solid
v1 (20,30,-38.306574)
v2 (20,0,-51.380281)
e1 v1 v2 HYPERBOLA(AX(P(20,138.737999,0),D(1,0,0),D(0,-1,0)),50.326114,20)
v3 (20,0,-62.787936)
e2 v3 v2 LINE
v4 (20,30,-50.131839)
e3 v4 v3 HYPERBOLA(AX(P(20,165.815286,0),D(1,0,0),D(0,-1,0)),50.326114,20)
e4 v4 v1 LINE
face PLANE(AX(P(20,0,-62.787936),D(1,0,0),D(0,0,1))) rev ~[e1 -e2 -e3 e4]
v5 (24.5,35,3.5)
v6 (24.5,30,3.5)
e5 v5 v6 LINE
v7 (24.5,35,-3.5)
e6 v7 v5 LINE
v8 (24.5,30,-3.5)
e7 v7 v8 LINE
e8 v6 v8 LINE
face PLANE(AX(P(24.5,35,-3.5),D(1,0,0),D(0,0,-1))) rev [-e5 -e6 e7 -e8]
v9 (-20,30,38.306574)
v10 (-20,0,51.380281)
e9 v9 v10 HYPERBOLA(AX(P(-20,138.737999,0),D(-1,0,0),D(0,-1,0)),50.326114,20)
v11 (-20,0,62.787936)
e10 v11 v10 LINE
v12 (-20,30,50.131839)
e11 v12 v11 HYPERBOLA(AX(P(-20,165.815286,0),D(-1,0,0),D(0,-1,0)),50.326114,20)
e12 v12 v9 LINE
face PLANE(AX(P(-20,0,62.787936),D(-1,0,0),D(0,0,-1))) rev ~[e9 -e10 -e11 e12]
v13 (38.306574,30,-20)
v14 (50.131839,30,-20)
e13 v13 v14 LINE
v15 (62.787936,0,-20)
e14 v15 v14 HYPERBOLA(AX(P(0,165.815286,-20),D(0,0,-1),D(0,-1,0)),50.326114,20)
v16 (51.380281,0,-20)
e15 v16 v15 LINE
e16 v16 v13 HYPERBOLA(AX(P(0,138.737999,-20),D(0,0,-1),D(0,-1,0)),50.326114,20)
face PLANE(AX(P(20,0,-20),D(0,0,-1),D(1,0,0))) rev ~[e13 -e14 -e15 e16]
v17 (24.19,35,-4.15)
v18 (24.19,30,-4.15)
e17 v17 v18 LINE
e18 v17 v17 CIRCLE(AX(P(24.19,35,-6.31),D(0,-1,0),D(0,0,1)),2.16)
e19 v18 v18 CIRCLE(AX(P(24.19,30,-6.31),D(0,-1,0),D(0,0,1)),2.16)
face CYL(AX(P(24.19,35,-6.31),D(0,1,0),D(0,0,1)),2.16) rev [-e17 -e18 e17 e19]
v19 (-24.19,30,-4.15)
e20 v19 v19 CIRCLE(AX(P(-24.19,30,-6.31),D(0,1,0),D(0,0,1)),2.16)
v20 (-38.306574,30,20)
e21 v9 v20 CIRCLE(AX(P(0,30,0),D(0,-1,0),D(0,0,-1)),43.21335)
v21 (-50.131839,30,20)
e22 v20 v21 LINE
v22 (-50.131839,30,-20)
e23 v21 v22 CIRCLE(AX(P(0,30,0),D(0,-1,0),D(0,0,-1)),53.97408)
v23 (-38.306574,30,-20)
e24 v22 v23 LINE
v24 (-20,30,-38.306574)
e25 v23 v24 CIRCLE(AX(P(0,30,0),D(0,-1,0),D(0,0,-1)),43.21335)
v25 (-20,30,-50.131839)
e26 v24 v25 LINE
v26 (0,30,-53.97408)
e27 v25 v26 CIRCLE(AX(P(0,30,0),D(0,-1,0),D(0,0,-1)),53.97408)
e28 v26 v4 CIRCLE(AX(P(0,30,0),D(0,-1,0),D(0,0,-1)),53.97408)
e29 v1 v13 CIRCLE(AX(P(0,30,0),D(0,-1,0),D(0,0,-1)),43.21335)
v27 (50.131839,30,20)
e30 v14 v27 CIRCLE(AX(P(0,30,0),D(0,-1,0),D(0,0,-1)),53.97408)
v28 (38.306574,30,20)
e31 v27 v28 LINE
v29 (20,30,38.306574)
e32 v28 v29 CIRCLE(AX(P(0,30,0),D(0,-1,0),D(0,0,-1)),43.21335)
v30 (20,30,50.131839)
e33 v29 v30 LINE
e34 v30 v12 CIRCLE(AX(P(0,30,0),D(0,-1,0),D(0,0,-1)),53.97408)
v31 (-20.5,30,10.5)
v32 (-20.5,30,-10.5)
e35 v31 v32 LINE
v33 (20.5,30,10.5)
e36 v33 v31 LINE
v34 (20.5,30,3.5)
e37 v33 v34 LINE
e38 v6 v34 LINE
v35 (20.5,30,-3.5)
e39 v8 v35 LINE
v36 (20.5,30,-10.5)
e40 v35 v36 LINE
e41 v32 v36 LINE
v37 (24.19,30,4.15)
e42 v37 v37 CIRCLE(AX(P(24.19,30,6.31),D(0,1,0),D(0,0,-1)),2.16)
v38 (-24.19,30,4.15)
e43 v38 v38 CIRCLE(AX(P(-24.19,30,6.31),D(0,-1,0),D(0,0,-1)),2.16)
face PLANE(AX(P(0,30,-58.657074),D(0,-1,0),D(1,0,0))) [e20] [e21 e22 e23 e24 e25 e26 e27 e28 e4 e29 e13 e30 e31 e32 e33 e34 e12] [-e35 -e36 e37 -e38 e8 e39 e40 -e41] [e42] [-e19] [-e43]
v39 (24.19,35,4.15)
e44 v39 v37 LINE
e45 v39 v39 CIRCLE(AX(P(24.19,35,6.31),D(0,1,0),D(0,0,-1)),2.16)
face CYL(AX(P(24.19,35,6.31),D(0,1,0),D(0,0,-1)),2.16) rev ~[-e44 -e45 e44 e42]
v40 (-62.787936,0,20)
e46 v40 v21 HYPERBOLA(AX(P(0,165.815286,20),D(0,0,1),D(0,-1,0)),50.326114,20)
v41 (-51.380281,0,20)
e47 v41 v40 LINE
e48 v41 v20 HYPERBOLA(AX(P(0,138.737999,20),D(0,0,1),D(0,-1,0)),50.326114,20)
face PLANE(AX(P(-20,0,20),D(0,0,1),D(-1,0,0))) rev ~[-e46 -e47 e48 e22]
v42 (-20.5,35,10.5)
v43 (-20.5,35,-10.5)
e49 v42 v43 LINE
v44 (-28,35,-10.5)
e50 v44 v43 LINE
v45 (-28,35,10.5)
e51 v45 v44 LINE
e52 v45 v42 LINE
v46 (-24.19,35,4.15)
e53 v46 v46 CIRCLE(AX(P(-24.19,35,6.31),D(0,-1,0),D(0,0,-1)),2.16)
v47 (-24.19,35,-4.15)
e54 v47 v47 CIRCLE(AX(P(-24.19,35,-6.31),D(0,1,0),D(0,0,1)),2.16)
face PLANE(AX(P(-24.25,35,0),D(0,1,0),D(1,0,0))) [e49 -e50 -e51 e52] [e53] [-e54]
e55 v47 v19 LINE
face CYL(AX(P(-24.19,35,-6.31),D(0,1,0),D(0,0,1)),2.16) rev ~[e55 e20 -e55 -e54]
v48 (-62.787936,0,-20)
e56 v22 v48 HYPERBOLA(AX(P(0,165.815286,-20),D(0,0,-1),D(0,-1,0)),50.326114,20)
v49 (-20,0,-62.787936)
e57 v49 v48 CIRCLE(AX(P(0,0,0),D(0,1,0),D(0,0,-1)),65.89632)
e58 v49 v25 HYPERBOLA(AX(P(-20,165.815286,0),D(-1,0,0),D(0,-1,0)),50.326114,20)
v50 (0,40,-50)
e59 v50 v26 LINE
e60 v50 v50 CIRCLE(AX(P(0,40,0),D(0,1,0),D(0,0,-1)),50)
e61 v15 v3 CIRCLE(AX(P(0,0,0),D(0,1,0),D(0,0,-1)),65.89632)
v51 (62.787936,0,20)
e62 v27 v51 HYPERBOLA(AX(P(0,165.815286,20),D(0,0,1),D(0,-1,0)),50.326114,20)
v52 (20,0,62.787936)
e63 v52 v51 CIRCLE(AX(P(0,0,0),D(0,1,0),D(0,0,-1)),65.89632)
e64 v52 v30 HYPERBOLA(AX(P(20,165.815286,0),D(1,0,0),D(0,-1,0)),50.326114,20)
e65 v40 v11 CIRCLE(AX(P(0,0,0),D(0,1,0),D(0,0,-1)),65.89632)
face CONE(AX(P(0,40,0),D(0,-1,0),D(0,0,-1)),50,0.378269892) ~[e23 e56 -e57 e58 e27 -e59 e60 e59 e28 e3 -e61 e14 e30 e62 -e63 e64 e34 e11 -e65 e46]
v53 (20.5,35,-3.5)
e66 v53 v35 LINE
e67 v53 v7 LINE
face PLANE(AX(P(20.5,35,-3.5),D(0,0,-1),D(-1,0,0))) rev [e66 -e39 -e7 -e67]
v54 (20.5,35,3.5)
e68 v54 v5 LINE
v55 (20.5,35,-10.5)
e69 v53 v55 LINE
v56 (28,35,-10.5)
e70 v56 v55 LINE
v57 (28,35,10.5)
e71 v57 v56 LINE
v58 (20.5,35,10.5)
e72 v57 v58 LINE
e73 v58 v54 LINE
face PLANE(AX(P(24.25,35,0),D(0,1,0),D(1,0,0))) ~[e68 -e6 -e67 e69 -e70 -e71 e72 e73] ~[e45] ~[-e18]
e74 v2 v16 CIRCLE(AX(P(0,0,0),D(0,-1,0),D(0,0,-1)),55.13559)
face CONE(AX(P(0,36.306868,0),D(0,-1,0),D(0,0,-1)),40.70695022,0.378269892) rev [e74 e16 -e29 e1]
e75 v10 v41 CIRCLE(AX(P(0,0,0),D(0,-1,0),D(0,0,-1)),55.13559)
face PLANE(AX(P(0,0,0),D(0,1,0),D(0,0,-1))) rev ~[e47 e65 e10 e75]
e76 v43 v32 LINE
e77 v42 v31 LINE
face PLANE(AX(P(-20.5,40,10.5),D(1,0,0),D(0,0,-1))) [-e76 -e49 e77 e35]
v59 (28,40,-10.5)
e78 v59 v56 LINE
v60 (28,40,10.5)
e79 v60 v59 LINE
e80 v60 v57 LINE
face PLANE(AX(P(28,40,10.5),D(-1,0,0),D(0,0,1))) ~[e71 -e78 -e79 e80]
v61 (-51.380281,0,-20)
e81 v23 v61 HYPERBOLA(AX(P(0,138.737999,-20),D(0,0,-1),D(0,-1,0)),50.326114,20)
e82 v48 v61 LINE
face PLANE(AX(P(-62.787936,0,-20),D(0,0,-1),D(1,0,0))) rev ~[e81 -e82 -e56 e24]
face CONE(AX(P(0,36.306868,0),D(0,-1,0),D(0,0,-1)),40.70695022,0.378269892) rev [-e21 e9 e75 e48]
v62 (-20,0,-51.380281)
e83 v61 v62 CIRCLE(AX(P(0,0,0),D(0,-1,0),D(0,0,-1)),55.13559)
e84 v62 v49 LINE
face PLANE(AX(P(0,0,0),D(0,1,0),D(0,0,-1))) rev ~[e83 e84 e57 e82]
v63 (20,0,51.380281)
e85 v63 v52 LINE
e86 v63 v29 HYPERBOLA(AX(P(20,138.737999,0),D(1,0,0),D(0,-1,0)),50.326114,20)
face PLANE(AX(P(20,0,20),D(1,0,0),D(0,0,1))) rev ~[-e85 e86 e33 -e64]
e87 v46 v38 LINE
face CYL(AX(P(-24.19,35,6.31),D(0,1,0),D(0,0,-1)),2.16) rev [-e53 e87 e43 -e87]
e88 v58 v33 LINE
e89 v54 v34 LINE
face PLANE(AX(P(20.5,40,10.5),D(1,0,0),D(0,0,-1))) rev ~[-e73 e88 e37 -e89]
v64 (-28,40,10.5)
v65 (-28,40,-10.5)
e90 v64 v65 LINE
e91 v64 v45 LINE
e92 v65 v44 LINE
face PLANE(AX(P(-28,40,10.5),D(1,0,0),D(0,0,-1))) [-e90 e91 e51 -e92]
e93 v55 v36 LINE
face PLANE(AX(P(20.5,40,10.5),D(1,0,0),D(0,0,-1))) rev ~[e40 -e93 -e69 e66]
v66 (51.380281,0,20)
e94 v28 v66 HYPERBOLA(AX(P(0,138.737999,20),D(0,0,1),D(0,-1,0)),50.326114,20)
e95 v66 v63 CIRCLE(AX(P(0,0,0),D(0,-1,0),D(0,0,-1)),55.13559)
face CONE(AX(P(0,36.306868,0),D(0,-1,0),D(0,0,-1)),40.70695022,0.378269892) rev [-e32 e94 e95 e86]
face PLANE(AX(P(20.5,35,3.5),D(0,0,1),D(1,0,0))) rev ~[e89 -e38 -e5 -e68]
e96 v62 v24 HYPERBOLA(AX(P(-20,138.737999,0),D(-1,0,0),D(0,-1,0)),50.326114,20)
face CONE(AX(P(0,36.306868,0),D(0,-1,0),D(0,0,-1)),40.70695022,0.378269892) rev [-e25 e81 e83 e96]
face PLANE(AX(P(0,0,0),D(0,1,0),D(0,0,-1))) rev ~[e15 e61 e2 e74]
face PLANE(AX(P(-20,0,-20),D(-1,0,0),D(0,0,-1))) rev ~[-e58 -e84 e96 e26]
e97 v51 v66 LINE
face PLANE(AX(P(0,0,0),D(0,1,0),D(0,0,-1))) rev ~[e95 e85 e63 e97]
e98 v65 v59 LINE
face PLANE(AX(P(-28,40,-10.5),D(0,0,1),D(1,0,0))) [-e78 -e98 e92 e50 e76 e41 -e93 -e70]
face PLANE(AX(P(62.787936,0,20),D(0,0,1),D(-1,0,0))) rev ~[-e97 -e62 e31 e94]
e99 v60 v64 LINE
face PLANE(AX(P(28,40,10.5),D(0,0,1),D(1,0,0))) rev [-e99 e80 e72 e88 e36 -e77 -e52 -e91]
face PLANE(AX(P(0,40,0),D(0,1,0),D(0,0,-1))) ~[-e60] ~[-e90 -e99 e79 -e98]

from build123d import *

# Parameters (mm, degrees)
SHELL1_T                = -10
SKETCH4_W               = 41
SKETCH4_H               = 21
CUT_EXTRUDE1_DEPTH      = 10
SKETCH5_W               = 7.5
SKETCH5_H               = 21
CUT_EXTRUDE2_DEPTH      = 5
SKETCH6_R               = 2.16
CUT_EXTRUDE3_DEPTH      = 5
MIRROR1_COPY_1_SKETCH_R = 2.16
MIRROR1_COPY_1_DEPTH    = 5
SKETCH7_W               = 4
SKETCH7_H               = 3.5
CUT_EXTRUDE4_DEPTH      = 10
CUT_EXTRUDE7_DEPTH      = 30


with BuildPart() as part:
    # Sketch2 → Revolve1 (revolve)
    with BuildSketch(Plane.XY, mode=Mode.PRIVATE) as revolve1_sk:
        Polygon((0, 0), (0, 40), (-50, 40), (-65.896319649, 0), align=None)
    revolve(revolve1_sk.sketch.rotate(Axis((0, 0, 0), (0, 1, 0)), 270), axis=Axis((0, 0, 0), (0, 1, 0)))

    # Shell1
    shell1_openings = [part.faces().sort_by_distance(p)[0] for p in [
        (0, 0, 0),
    ]]
    offset(amount=SHELL1_T, openings=shell1_openings, kind=Kind.INTERSECTION)

    # Sketch4 → Cut-Extrude1 (cut)
    with BuildSketch(Plane(origin=(0, 40, 0), x_dir=(1, 0, 0), z_dir=(0, 1, 0))):
        Rectangle(SKETCH4_W, SKETCH4_H)
    extrude(amount=-CUT_EXTRUDE1_DEPTH, mode=Mode.SUBTRACT)

    # Sketch5 → Cut-Extrude2 (cut)
    with BuildSketch(Plane(origin=(0, 40, 0), x_dir=(1, 0, 0), z_dir=(0, 1, 0))):
        with Locations((-24.25, 0)):
            Rectangle(SKETCH5_W, SKETCH5_H)
    cut_extrude2 = extrude(amount=-CUT_EXTRUDE2_DEPTH, mode=Mode.SUBTRACT)

    # Sketch6 → Cut-Extrude3 (cut)
    with BuildSketch(Plane(origin=(0, 35, 0), x_dir=(1, 0, 0), z_dir=(0, 1, 0))):
        with Locations(Location((-24.19, 6.31, 0), (0, 0, 270))):
            Circle(SKETCH6_R)
    cut_extrude3 = extrude(amount=-CUT_EXTRUDE3_DEPTH, mode=Mode.SUBTRACT)

    # Mirror2: Cut-Extrude3 across plane
    add(cut_extrude3.mirror(Plane.XY), mode=Mode.SUBTRACT)

    # Mirror1: Cut-Extrude2, Cut-Extrude3 across plane
    add(cut_extrude2.mirror(Plane(origin=(0, 0, 0), x_dir=(0, 0, 1), z_dir=(1, 0, 0))), mode=Mode.SUBTRACT)
    add(cut_extrude3.mirror(Plane(origin=(0, 0, 0), x_dir=(0, 0, 1), z_dir=(1, 0, 0))), mode=Mode.SUBTRACT)

    # Mirror1 copy 1 sketch → Mirror1 copy 1 (cut)
    with BuildSketch(Plane(origin=(0, 35, 0), x_dir=(-1, 0, 0), z_dir=(0, 1, 0))):
        with Locations(Location((-24.19, 6.31, 0), (0, 0, 270))):
            Circle(MIRROR1_COPY_1_SKETCH_R)
    extrude(amount=-MIRROR1_COPY_1_DEPTH, mode=Mode.SUBTRACT)

    # Sketch7 → Cut-Extrude4 (cut)
    with BuildSketch(Plane(origin=(0, 35, 0), x_dir=(1, 0, 0), z_dir=(0, 1, 0))):
        with Locations((22.5, -1.75)):
            Rectangle(SKETCH7_W, SKETCH7_H)
    cut_extrude4 = extrude(amount=-CUT_EXTRUDE4_DEPTH, mode=Mode.SUBTRACT)

    # Mirror3: Cut-Extrude4 across plane
    add(cut_extrude4.mirror(Plane.XY), mode=Mode.SUBTRACT)

    # Sketch8 → Cut-Extrude7 (cut)
    with BuildSketch(Plane.XZ):
        with BuildLine():
            Line((-20, 51.38028066), (-20, 20))
            Line((-20, 20), (20, 20))
            Line((20, 20), (20, 51.38028066))
            ThreePointArc((20, 51.38028066), (0, 55.135589602), (-20, 51.38028066))
        make_face()
        with BuildLine():
            Line((-20, -51.38028066), (-20, -62.787936288))
            ThreePointArc((-20, -62.787936288), (0, -65.896319649), (20, -62.787936288))
            Line((20, -62.787936288), (20, -51.38028066))
            ThreePointArc((20, -51.38028066), (0, -55.135589602), (-20, -51.38028066))
        make_face()
        with BuildLine():
            ThreePointArc((20, 62.787936288), (0, 65.896319649), (-20, 62.787936288))
            Line((-20, 62.787936288), (-20, 51.38028066))
            ThreePointArc((-20, 51.38028066), (0, 55.135589602), (20, 51.38028066))
            Line((20, 51.38028066), (20, 62.787936288))
        make_face()
        with BuildLine():
            Line((-51.38028066, -20), (-20, -20))
            Line((-20, -20), (-20, 20))
            Line((-20, 20), (-51.38028066, 20))
            ThreePointArc((-51.38028066, 20), (-55.135589602, 0), (-51.38028066, -20))
        make_face()
        with BuildLine():
            ThreePointArc((-62.787936288, 20), (-65.896319649, 0), (-62.787936288, -20))
            Line((-62.787936288, -20), (-51.38028066, -20))
            ThreePointArc((-51.38028066, -20), (-55.135589602, 0), (-51.38028066, 20))
            Line((-51.38028066, 20), (-62.787936288, 20))
        make_face()
        with BuildLine():
            Line((51.38028066, -20), (62.787936288, -20))
            ThreePointArc((62.787936288, -20), (65.114586933, -10.12005493), (65.896319649, 0))
            ThreePointArc((65.896319649, 0), (65.114586933, 10.12005493), (62.787936288, 20))
            Line((62.787936288, 20), (51.38028066, 20))
            ThreePointArc((51.38028066, 20), (54.188630306, 10.174752396), (55.135589602, 0))
            ThreePointArc((55.135589602, 0), (54.188630306, -10.174752396), (51.38028066, -20))
        make_face()
        with BuildLine():
            Line((-20, -20), (-20, -51.38028066))
            ThreePointArc((-20, -51.38028066), (0, -55.135589602), (20, -51.38028066))
            Line((20, -51.38028066), (20, -20))
            Line((20, -20), (-20, -20))
        make_face()
        with BuildLine():
            Line((20, 20), (20, -20))
            Line((20, -20), (51.38028066, -20))
            ThreePointArc((51.38028066, -20), (54.188630306, -10.174752396), (55.135589602, 0))
            ThreePointArc((55.135589602, 0), (54.188630306, 10.174752396), (51.38028066, 20))
            Line((51.38028066, 20), (20, 20))
        make_face()
    extrude(amount=-CUT_EXTRUDE7_DEPTH, mode=Mode.SUBTRACT)


solid = part.part
